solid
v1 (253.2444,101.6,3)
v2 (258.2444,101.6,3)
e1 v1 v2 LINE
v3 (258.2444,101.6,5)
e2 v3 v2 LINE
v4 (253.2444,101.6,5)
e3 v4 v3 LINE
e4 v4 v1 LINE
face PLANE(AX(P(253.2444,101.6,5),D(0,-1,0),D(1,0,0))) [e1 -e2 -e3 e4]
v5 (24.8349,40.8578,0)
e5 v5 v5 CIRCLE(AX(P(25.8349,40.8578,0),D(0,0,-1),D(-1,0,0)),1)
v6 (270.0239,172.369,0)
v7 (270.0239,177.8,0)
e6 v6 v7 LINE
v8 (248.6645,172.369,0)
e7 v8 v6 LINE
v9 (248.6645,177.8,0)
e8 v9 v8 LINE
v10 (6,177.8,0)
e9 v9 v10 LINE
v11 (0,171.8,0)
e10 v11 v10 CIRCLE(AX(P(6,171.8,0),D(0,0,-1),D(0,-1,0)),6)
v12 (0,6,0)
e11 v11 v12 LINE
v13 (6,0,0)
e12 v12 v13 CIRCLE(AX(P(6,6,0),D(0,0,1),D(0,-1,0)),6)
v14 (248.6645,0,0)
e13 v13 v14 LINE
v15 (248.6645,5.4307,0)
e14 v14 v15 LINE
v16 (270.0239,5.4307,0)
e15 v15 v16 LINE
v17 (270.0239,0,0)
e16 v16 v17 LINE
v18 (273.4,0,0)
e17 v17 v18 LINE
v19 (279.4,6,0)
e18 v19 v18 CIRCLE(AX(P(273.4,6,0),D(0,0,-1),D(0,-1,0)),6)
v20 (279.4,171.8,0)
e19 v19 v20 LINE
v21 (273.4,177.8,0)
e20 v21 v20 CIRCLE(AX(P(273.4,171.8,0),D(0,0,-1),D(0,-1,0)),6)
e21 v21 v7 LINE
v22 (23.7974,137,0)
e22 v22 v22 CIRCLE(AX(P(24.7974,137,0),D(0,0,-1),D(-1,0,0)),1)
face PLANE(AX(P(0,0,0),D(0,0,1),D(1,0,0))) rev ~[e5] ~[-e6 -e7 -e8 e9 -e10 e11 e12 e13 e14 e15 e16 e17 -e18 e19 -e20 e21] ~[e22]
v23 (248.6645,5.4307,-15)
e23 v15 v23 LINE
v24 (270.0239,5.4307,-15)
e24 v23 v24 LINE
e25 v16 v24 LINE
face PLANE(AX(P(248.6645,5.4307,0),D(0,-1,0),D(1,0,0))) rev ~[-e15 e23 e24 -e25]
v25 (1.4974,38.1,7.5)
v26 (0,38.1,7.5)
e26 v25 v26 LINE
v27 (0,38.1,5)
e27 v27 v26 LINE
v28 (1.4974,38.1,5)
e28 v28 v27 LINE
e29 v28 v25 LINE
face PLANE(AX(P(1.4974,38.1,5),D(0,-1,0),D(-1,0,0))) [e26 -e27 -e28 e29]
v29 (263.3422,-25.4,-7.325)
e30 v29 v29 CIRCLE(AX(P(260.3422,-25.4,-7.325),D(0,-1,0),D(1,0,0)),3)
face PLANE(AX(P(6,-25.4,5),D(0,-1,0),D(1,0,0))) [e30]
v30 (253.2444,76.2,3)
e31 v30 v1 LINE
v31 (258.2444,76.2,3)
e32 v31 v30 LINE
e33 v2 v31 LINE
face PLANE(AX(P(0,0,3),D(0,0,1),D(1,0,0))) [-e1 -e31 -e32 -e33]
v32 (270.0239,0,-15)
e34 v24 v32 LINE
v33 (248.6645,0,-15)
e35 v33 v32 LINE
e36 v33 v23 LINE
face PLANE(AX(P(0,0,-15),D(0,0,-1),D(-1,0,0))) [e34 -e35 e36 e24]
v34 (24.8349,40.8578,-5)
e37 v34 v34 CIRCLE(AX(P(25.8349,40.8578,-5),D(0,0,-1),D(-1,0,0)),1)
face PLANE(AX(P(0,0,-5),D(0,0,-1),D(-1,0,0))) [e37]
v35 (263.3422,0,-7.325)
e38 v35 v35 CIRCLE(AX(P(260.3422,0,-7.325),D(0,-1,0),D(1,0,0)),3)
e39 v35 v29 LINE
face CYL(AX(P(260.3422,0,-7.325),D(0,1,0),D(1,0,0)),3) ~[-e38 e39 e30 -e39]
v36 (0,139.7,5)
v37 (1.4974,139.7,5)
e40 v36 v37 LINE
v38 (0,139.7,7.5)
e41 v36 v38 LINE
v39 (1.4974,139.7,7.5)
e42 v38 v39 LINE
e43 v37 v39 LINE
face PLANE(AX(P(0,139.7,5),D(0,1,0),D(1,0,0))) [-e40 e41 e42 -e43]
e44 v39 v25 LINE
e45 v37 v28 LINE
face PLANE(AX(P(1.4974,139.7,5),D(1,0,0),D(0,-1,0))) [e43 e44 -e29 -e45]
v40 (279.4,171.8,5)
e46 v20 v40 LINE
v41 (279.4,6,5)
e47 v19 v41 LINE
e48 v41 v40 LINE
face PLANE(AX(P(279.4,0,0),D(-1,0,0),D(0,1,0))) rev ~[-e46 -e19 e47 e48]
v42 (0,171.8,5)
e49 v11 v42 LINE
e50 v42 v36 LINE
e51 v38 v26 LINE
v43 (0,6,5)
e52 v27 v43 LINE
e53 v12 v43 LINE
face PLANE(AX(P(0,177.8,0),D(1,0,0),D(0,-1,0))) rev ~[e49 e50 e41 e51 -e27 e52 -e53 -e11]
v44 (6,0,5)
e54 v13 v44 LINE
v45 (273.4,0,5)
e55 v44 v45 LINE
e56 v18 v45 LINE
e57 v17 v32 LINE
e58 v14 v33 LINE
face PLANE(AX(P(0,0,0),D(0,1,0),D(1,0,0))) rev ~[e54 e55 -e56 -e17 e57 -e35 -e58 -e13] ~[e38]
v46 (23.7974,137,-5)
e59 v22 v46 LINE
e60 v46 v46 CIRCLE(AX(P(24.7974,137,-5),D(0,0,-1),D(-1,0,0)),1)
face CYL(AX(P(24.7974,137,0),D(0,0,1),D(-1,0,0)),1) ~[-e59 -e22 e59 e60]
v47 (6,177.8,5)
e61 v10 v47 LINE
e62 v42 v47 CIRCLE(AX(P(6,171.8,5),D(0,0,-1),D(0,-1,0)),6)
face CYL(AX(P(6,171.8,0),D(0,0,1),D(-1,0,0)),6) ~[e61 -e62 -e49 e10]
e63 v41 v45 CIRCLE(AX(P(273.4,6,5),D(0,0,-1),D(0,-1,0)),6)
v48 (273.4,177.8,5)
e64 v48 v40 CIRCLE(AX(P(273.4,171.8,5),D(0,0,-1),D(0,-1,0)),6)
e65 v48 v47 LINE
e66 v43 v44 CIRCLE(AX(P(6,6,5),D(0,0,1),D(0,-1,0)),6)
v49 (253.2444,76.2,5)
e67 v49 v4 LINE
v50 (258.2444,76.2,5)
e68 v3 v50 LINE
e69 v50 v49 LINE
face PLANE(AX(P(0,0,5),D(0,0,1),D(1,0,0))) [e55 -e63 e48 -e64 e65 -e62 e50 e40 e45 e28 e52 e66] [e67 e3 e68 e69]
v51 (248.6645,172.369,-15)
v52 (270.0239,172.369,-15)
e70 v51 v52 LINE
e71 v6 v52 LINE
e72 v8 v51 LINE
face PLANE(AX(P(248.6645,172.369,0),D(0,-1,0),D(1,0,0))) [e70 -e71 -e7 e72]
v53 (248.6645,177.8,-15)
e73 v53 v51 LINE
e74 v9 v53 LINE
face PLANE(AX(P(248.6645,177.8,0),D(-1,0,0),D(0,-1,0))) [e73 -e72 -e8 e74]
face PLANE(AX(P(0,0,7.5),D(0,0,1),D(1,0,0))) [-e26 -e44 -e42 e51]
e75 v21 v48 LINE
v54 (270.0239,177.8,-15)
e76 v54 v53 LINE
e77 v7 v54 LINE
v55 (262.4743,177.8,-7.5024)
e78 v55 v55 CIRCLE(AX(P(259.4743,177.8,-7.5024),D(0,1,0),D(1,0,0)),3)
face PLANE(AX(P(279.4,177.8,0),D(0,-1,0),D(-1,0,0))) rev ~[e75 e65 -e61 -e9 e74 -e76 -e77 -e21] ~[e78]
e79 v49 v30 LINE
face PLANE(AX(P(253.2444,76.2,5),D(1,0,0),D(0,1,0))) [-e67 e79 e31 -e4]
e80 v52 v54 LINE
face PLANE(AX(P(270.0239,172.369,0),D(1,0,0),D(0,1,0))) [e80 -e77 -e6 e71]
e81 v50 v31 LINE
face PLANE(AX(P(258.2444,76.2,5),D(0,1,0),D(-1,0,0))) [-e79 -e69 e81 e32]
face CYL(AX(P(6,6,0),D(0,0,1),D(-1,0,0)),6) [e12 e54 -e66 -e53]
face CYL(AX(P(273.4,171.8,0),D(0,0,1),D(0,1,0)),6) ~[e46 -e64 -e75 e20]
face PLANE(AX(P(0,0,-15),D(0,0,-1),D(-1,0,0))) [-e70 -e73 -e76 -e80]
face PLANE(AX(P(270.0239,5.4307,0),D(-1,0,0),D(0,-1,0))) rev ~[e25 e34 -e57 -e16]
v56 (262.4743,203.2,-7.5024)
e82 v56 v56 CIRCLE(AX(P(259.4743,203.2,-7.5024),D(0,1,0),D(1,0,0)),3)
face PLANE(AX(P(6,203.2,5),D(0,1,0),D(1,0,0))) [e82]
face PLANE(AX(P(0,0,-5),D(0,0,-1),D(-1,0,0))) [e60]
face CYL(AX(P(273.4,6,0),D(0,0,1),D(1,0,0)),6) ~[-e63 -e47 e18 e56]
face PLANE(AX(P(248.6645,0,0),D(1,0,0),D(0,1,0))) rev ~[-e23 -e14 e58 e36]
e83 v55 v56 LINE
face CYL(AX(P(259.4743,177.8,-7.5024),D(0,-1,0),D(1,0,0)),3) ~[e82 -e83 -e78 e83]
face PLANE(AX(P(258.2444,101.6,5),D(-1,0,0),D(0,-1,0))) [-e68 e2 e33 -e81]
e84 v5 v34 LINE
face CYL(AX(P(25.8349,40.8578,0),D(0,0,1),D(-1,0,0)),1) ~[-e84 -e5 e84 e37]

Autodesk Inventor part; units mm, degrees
ref_plane "YZ Plane" through (0, 0, 0) normal (1, 0, 0) x (0, 1, 0)
ref_plane "XZ Plane" through (0, 0, 0) normal (0, 1, 0) x (-1, 0, 0)
ref_plane "XY Plane" through (0, 0, 0) normal (0, 0, 1) x (1, 0, 0)
sketch "Sketch1" plane through (0, 0, 0) normal (0, 0, 1) x (1, 0, 0)
  point P0 (0, 0)
sketch "Sketch2" plane through (0, 0, 0) normal (0, 0, 1) x (1, 0, 0)
  line L0 (0, 0) -> (279.4, 0)
  line L1 (279.4, 0) -> (279.4, 177.8)
  line L2 (279.4, 177.8) -> (0, 177.8)
  line L3 (0, 177.8) -> (0, 0)
extrude "Extrusion1" add sketch "Sketch2" along normal blind 5
fillet "Fillet1" radius 6 4 edges at (0, 177.8, 2.5) (0, 0, 2.5) (279.4, 0, 2.5) (279.4, 177.8, 2.5)
sketch "Sketch3" plane through (0, 0, 5) normal (0, 0, 1) x (1, 0, 0)
  line L0 (258.2444, 76.2) -> (253.2444, 76.2)
  line L1 (253.2444, 76.2) -> (253.2444, 101.6)
  line L2 (253.2444, 101.6) -> (258.2444, 101.6)
  line L3 (258.2444, 101.6) -> (258.2444, 76.2)
  line L4 (6, 0) -> (273.4, 0) projected
  point P0 (0, 0)
  dimension "d5" = 5
  dimension "d6" = 25.4
  dimension "d7" = 76.2
extrude "Extrusion2" cut sketch "Sketch3" against normal blind 2
sketch "Sketch4" plane through (0, 0, 5) normal (0, 0, 1) x (1, 0, 0)
  point P0 (0, 0)
sketch "Sketch5" plane through (0, 0, 0) normal (0, 0, -1) x (-1, 0, 0)
  line L0 (-273.4, 177.8) -> (-6, 177.8) projected
  line L1 (-270.0239, 177.8) -> (-248.6645, 177.8)
  line L2 (-248.6645, 177.8) -> (-248.6645, 172.369)
  line L3 (-248.6645, 172.369) -> (-270.0239, 172.369)
  line L4 (-270.0239, 172.369) -> (-270.0239, 177.8)
  line L5 (-6, 0) -> (-273.4, 0) projected
  line L6 (-270.0239, 0) -> (-248.6645, 0)
  line L7 (-248.6645, 0) -> (-248.6645, 5.4307)
  line L8 (-248.6645, 5.4307) -> (-270.0239, 5.4307)
  line L9 (-270.0239, 5.4307) -> (-270.0239, 0)
  point P0 (0, 0)
  dimension "d10" = 5.4307
  dimension "d11" = 5.431
extrude "Extrusion3" add sketch "Sketch5" along normal blind 15
sketch "Sketch6" plane through (6, 177.8, 5) normal (0, 1, 0) x (1, 0, 0)
  point P0 (-6, 5)
sketch "Sketch7" plane through (6, 177.8, 5) normal (0, 1, 0) x (1, 0, 0)
  circle A0 centre (253.4743, 12.5024) radius 3
  point P0 (-6, 5)
  dimension "d14" = 6
sketch "Sketch8" plane through (6, 0, 5) normal (0, -1, 0) x (1, 0, 0)
  circle A0 centre (254.3422, -12.325) radius 3
  point P0 (-6, -5)
  dimension "d15" = 6
extrude "Extrusion4" add sketch "Sketch8" along normal blind 25.4
extrude "Extrusion5" add sketch "Sketch7" along normal blind 25.4
sketch "Sketch9" plane through (0, 0, 5) normal (0, 0, 1) x (1, 0, 0)
  line L0 (0, 171.8) -> (0, 6) projected
  line L1 (0, 139.7) -> (1.4974, 139.7)
  line L2 (1.4974, 139.7) -> (1.4974, 38.1)
  line L3 (1.4974, 38.1) -> (0, 38.1)
  line L4 (0, 38.1) -> (0, 139.7)
  line L5 (6, 0) -> (273.4, 0) projected
  line L6 (273.4, 177.8) -> (6, 177.8) projected
  point P0 (0, 0)
  point P1 (0, 38.1)
  dimension "d20" = 38.1
  dimension "d21" = 38.1
extrude "Extrusion6" add sketch "Sketch9" along normal blind 2.5
sketch "Sketch13" plane through (0, 0, 0) normal (0, 0, -1) x (-1, 0, 0)
  circle A0 centre (-25.8349, 40.8578) radius 1
  point P0 (0, 0)
  dimension "d32" = 2
extrude "Extrusion8" add sketch "Sketch13" along normal blind 5
sketch "Sketch14" plane through (0, 0, 0) normal (0, 0, -1) x (-1, 0, 0)
  circle A0 centre (-24.7974, 137) radius 1
  line L0 (-248.6645, 177.8) -> (-6, 177.8) projected
  line L1 (-1.4974, 139.7) -> (-1.4974, 38.1) projected
  point P0 (0, 0)
  dimension "d35" = 2
  dimension "d36" = 40.8
  dimension "d37" = 23.3
extrude "Extrusion9" add sketch "Sketch14" along normal blind 5
sketch "Sketch15" plane through (0, 0, 0) normal (0, 0, -1) x (-1, 0, 0)
  point P0 (0, 0)
sketch "Sketch16" plane through (0, 0, 5) normal (0, 0, 1) x (1, 0, 0)
  point P0 (0, 0)
properties part number "base"
